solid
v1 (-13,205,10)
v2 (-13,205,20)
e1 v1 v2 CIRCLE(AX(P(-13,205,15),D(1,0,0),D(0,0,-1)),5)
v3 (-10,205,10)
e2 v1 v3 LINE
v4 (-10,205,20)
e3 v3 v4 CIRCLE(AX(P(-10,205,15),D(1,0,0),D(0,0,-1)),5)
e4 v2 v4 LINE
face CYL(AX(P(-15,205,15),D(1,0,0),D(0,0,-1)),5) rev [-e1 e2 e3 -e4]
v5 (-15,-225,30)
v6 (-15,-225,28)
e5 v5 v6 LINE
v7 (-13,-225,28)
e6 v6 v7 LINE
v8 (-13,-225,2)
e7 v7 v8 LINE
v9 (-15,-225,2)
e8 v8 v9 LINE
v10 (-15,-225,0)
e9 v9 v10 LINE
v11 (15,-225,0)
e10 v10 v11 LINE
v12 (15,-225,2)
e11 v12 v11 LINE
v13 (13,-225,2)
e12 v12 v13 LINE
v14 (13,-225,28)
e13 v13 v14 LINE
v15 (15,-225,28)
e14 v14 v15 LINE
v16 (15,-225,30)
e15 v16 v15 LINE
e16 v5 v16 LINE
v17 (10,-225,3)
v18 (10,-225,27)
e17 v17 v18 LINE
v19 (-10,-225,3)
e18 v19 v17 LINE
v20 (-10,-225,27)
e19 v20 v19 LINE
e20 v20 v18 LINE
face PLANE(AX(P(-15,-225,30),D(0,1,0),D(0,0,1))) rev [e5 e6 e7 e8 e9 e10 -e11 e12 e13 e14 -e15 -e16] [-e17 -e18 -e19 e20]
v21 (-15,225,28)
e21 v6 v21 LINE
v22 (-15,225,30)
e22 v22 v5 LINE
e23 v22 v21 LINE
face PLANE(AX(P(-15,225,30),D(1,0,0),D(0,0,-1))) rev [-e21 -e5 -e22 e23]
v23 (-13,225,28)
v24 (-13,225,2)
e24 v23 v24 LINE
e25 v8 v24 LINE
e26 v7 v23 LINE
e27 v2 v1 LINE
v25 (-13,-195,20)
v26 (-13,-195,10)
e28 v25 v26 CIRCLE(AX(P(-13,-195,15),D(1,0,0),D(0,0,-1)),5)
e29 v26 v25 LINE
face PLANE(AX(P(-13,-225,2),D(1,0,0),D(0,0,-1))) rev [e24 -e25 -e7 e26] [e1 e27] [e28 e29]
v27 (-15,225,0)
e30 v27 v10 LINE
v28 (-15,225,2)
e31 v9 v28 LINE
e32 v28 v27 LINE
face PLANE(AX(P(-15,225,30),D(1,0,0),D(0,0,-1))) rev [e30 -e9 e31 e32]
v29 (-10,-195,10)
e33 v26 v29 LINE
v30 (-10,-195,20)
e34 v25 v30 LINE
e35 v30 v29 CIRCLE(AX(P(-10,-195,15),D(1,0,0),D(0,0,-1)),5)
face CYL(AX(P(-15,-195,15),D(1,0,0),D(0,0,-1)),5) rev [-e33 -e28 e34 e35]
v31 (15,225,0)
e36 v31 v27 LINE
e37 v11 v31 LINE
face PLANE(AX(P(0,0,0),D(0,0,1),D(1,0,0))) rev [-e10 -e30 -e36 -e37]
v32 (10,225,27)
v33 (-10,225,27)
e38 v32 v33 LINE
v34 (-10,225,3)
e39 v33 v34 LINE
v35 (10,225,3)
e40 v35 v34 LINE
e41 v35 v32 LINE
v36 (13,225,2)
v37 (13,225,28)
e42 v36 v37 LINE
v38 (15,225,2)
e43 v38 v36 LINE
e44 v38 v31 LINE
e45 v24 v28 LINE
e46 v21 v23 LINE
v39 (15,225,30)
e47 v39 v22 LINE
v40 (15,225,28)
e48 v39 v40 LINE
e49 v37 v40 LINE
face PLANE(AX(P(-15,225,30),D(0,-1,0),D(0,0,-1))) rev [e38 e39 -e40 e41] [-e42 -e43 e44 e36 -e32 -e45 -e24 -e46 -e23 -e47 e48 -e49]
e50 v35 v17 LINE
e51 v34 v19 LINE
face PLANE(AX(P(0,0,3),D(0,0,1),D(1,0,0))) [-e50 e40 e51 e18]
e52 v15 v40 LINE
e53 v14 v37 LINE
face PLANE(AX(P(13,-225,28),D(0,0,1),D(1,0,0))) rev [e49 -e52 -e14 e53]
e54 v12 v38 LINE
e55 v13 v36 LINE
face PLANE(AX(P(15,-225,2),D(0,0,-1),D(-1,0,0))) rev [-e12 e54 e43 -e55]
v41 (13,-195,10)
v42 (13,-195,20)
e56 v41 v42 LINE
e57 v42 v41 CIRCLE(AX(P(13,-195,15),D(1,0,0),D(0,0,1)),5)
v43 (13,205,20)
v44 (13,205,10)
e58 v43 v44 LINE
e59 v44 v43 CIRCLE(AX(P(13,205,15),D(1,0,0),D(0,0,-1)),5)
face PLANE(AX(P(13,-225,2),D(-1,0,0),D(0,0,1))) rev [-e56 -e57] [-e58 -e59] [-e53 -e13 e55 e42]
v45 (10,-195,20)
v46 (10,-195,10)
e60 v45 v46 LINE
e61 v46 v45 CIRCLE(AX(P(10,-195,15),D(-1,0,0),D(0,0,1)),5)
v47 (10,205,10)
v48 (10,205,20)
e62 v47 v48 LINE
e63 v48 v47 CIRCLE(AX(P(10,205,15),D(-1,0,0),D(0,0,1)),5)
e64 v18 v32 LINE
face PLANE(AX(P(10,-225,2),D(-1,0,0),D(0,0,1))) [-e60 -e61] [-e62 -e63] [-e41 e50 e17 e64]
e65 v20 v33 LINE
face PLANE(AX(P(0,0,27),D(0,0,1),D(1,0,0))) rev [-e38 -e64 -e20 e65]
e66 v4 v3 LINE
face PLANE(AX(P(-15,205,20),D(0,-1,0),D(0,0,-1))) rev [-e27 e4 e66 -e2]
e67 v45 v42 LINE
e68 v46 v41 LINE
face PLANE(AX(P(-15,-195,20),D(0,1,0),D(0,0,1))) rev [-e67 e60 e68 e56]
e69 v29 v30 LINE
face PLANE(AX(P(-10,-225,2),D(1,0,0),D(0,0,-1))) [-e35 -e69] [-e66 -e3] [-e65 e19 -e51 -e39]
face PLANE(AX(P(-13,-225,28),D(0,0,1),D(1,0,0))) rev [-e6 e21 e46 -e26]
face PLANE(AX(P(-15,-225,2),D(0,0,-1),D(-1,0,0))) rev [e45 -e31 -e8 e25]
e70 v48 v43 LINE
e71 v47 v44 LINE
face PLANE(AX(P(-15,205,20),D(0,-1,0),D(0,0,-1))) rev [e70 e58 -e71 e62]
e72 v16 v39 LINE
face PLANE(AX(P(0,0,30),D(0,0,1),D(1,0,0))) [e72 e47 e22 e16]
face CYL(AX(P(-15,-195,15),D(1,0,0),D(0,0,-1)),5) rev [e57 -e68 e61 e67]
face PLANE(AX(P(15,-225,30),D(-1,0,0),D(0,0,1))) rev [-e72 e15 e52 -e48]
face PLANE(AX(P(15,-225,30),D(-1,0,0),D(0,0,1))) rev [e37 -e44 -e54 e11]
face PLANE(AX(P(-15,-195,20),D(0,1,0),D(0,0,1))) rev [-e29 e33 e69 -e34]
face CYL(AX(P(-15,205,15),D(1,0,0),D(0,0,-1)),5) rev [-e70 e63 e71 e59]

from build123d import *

# Parameters (mm, degrees)
SKETCH_1_W          = 30
SKETCH_1_H          = 450
EXTRUDE_1_DEPTH     = 30
SKETCH_2_W          = 2
SKETCH_2_H          = 26
CUT_EXTRUDE_1_DEPTH = 452.248268695
SHELL_1_T           = -3
CUT_EXTRUDE_2_DEPTH = 229.7116088


with BuildPart() as part:
    # 草图1 → 凸台-拉伸1 (new body)
    with BuildSketch(Plane.XY):
        Rectangle(SKETCH_1_W, SKETCH_1_H)
    extrude(amount=EXTRUDE_1_DEPTH)

    # 草图2 → 切除-拉伸1 (cut, through all)
    with BuildSketch(Plane(origin=(0, 225, 0), x_dir=(1, 0, 0), z_dir=(0, 1, 0))):
        with Locations((-14, -15)):
            Rectangle(SKETCH_2_W, SKETCH_2_H)
        with Locations((14, -15)):
            Rectangle(SKETCH_2_W, SKETCH_2_H)
    extrude(amount=-CUT_EXTRUDE_1_DEPTH, mode=Mode.SUBTRACT)

    # 抽壳1
    shell_1_openings = [part.faces().sort_by_distance(p)[0] for p in [
        (0, 225, 15),
        (0, -225, 15),
    ]]
    offset(amount=SHELL_1_T, openings=shell_1_openings)

    # 草图3 → 切除-拉伸2 (cut, through all)
    with BuildSketch(Plane(origin=(13, 0, 0), x_dir=(0, 0, -1), z_dir=(1, 0, 0))):
        with BuildLine():
            Line((-20, 205), (-10, 205))
            ThreePointArc((-10, 205), (-15, 210), (-20, 205))
        make_face()
        with BuildLine():
            Line((-20, -195), (-10, -195))
            ThreePointArc((-10, -195), (-15, -200), (-20, -195))
        make_face()
    extrude(amount=-CUT_EXTRUDE_2_DEPTH, mode=Mode.SUBTRACT)


solid = part.part
